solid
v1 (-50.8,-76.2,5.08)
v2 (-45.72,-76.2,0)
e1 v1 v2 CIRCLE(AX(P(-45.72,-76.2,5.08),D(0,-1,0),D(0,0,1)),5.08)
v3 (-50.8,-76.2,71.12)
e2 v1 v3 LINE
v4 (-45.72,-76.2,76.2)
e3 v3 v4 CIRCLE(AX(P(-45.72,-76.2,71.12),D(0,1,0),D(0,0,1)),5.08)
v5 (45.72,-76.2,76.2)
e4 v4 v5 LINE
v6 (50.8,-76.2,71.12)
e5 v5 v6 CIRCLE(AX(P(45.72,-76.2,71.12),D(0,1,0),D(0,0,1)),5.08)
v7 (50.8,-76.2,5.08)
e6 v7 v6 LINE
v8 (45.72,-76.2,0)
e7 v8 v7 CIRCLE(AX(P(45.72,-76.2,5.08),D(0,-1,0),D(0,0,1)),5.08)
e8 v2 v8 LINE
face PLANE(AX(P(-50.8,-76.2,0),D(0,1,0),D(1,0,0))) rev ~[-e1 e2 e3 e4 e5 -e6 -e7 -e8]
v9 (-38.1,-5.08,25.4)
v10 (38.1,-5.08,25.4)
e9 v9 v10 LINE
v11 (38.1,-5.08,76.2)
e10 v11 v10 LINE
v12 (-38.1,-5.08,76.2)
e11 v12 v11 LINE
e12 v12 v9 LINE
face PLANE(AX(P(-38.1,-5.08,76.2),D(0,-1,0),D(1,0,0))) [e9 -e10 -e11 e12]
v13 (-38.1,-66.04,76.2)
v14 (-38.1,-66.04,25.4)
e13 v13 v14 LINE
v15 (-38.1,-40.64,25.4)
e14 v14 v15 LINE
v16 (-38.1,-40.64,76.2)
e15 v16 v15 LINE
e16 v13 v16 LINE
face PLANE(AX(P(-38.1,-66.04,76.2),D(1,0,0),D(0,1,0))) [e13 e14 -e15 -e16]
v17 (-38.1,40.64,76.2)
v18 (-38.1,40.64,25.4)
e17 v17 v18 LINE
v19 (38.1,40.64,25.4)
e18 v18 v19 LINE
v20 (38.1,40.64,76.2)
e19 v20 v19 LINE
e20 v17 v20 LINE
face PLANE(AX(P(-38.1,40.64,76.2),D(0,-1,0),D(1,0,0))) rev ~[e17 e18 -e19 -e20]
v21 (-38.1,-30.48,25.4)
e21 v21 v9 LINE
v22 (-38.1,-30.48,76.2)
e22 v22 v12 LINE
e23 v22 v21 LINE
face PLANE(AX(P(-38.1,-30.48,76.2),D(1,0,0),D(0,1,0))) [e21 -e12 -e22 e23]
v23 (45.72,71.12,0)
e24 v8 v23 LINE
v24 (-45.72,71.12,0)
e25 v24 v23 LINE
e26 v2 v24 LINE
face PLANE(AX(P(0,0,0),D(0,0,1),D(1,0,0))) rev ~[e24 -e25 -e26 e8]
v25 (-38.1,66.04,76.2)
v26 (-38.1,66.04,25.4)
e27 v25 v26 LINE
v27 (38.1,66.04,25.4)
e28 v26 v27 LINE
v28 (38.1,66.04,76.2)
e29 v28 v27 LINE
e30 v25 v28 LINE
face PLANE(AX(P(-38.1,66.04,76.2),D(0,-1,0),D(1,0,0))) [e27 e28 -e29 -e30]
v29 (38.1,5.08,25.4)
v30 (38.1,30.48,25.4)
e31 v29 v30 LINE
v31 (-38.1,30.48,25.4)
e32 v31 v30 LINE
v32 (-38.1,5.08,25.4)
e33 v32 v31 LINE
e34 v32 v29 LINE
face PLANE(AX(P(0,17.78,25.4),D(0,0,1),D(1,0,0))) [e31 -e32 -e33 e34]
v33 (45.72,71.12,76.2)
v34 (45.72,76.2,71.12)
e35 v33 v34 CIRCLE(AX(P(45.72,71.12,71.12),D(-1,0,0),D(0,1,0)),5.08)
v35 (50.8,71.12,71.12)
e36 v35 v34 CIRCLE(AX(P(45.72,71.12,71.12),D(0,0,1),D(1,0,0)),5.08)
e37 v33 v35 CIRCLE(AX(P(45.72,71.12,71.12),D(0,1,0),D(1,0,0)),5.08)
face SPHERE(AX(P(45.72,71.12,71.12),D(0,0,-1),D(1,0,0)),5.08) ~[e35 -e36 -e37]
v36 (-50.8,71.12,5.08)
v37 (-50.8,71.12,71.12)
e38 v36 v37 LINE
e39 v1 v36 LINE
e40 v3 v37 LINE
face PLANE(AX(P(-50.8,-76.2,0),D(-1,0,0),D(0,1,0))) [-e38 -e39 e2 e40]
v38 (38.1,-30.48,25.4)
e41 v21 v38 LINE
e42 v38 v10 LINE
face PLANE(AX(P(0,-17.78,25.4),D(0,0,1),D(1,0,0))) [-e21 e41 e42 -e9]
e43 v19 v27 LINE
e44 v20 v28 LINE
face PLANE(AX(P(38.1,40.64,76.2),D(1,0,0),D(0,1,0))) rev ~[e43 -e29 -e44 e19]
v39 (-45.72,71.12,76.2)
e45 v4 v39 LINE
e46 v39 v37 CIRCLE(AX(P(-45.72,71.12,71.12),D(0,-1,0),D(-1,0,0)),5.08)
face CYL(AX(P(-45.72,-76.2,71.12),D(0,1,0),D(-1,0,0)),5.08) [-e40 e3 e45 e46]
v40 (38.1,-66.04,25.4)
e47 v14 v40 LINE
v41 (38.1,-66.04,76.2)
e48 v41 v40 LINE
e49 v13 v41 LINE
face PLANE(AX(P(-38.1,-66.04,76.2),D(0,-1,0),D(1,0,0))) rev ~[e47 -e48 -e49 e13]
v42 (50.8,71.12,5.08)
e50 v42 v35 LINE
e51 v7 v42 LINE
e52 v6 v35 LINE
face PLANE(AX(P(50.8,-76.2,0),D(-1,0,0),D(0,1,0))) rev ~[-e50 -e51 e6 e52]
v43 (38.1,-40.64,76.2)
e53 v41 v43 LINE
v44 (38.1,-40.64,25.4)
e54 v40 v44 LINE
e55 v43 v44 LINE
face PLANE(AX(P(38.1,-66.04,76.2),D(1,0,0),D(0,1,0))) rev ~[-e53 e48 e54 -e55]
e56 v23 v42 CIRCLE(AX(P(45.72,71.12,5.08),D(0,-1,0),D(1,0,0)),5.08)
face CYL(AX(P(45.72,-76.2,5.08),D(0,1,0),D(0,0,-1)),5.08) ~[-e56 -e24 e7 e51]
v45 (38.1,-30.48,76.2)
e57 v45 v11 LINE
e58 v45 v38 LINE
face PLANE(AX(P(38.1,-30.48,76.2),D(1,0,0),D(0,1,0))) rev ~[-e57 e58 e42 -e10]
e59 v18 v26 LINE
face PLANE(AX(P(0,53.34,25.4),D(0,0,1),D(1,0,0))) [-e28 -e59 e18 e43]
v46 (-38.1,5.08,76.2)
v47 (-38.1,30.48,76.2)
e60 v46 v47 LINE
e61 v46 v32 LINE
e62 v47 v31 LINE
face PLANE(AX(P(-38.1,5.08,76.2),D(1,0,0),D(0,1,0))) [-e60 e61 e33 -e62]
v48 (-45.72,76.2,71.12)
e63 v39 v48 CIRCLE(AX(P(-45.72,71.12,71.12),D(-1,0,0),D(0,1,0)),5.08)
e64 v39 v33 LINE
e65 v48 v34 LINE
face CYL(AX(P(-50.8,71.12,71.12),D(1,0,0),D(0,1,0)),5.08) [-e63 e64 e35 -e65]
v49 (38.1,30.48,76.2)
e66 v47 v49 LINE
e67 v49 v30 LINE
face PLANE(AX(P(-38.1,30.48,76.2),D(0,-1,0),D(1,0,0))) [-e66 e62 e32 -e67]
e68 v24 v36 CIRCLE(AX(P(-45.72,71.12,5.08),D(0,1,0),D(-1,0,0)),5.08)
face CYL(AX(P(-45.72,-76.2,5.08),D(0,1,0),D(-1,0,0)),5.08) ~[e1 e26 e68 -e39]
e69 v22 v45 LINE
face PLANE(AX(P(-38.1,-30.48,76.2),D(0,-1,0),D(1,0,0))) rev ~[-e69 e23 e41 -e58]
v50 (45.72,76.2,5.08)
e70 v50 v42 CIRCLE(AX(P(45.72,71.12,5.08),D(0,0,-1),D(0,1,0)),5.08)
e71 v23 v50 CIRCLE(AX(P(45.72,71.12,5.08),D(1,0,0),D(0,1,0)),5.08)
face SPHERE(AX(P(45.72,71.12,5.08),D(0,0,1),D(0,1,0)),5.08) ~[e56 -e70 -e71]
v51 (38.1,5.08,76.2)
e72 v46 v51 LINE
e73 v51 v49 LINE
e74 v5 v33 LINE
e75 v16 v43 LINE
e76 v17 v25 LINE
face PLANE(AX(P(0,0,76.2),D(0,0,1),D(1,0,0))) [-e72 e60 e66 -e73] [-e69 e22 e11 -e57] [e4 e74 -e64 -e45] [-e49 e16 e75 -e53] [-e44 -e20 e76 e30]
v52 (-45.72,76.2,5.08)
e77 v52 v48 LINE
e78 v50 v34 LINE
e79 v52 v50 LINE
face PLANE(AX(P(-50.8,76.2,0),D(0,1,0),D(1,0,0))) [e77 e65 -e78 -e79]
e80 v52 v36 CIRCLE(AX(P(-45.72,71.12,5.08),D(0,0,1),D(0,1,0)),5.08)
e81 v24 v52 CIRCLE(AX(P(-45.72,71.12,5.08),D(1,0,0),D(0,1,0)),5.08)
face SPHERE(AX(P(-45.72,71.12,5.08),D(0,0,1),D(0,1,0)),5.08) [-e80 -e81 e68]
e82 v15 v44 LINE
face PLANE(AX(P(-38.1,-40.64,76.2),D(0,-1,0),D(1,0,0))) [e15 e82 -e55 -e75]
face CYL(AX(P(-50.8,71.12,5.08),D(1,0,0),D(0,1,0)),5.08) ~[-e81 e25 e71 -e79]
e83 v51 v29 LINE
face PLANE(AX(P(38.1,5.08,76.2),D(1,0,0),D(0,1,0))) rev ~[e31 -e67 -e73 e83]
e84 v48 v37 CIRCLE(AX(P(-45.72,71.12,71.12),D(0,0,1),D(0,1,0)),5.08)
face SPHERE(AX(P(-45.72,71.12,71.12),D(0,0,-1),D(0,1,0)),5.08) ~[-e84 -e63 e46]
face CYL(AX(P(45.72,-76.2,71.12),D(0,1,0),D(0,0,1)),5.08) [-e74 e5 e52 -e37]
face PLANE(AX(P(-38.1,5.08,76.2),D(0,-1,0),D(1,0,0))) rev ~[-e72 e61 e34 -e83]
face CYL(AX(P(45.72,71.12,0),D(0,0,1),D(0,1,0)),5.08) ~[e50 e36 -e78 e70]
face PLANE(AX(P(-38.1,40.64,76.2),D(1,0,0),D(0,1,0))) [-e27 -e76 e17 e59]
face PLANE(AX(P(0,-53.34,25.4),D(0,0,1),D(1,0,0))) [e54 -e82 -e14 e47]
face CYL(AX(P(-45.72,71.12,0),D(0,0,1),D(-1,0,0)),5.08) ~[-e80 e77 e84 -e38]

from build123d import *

# Parameters (mm, degrees)
F0_W     = 101.6
F0_H     = 152.4
F1_DEPTH = 76.2
F2_W     = 76.2
F2_H     = 25.4
F3_DEPTH = 50.8
F4_R     = 5.08


with BuildPart() as f1:
    # F0 (on Top) → F1 (new body)
    with BuildSketch(Plane.XY):
        Rectangle(F0_W, F0_H)
    extrude(amount=F1_DEPTH)

    # F2 (on face) → F3 (cut)
    with BuildSketch(Plane.XY.offset(76.2)):
        with Locations((0, 53.34)):
            Rectangle(F2_W, F2_H)
        with Locations((0, 17.78)):
            Rectangle(F2_W, F2_H)
        with Locations((0, -17.78)):
            Rectangle(F2_W, F2_H)
        with Locations((0, -53.34)):
            Rectangle(F2_W, F2_H)
    extrude(amount=-F3_DEPTH, mode=Mode.SUBTRACT)

    # F4
    f4_edges = [f1.edges().sort_by_distance(p)[0] for p in [
        (-50.8, 76.2, 38.1),
        (50.8, 76.2, 38.1),
        (50.8, 0, 76.2),
        (0, 76.2, 76.2),
        (0, 76.2, 0),
        (-50.8, 0, 0),
        (50.8, 0, 0),
        (-50.8, 0, 76.2),
    ]]
    fillet(f4_edges, radius=F4_R)


solid = f1.part
